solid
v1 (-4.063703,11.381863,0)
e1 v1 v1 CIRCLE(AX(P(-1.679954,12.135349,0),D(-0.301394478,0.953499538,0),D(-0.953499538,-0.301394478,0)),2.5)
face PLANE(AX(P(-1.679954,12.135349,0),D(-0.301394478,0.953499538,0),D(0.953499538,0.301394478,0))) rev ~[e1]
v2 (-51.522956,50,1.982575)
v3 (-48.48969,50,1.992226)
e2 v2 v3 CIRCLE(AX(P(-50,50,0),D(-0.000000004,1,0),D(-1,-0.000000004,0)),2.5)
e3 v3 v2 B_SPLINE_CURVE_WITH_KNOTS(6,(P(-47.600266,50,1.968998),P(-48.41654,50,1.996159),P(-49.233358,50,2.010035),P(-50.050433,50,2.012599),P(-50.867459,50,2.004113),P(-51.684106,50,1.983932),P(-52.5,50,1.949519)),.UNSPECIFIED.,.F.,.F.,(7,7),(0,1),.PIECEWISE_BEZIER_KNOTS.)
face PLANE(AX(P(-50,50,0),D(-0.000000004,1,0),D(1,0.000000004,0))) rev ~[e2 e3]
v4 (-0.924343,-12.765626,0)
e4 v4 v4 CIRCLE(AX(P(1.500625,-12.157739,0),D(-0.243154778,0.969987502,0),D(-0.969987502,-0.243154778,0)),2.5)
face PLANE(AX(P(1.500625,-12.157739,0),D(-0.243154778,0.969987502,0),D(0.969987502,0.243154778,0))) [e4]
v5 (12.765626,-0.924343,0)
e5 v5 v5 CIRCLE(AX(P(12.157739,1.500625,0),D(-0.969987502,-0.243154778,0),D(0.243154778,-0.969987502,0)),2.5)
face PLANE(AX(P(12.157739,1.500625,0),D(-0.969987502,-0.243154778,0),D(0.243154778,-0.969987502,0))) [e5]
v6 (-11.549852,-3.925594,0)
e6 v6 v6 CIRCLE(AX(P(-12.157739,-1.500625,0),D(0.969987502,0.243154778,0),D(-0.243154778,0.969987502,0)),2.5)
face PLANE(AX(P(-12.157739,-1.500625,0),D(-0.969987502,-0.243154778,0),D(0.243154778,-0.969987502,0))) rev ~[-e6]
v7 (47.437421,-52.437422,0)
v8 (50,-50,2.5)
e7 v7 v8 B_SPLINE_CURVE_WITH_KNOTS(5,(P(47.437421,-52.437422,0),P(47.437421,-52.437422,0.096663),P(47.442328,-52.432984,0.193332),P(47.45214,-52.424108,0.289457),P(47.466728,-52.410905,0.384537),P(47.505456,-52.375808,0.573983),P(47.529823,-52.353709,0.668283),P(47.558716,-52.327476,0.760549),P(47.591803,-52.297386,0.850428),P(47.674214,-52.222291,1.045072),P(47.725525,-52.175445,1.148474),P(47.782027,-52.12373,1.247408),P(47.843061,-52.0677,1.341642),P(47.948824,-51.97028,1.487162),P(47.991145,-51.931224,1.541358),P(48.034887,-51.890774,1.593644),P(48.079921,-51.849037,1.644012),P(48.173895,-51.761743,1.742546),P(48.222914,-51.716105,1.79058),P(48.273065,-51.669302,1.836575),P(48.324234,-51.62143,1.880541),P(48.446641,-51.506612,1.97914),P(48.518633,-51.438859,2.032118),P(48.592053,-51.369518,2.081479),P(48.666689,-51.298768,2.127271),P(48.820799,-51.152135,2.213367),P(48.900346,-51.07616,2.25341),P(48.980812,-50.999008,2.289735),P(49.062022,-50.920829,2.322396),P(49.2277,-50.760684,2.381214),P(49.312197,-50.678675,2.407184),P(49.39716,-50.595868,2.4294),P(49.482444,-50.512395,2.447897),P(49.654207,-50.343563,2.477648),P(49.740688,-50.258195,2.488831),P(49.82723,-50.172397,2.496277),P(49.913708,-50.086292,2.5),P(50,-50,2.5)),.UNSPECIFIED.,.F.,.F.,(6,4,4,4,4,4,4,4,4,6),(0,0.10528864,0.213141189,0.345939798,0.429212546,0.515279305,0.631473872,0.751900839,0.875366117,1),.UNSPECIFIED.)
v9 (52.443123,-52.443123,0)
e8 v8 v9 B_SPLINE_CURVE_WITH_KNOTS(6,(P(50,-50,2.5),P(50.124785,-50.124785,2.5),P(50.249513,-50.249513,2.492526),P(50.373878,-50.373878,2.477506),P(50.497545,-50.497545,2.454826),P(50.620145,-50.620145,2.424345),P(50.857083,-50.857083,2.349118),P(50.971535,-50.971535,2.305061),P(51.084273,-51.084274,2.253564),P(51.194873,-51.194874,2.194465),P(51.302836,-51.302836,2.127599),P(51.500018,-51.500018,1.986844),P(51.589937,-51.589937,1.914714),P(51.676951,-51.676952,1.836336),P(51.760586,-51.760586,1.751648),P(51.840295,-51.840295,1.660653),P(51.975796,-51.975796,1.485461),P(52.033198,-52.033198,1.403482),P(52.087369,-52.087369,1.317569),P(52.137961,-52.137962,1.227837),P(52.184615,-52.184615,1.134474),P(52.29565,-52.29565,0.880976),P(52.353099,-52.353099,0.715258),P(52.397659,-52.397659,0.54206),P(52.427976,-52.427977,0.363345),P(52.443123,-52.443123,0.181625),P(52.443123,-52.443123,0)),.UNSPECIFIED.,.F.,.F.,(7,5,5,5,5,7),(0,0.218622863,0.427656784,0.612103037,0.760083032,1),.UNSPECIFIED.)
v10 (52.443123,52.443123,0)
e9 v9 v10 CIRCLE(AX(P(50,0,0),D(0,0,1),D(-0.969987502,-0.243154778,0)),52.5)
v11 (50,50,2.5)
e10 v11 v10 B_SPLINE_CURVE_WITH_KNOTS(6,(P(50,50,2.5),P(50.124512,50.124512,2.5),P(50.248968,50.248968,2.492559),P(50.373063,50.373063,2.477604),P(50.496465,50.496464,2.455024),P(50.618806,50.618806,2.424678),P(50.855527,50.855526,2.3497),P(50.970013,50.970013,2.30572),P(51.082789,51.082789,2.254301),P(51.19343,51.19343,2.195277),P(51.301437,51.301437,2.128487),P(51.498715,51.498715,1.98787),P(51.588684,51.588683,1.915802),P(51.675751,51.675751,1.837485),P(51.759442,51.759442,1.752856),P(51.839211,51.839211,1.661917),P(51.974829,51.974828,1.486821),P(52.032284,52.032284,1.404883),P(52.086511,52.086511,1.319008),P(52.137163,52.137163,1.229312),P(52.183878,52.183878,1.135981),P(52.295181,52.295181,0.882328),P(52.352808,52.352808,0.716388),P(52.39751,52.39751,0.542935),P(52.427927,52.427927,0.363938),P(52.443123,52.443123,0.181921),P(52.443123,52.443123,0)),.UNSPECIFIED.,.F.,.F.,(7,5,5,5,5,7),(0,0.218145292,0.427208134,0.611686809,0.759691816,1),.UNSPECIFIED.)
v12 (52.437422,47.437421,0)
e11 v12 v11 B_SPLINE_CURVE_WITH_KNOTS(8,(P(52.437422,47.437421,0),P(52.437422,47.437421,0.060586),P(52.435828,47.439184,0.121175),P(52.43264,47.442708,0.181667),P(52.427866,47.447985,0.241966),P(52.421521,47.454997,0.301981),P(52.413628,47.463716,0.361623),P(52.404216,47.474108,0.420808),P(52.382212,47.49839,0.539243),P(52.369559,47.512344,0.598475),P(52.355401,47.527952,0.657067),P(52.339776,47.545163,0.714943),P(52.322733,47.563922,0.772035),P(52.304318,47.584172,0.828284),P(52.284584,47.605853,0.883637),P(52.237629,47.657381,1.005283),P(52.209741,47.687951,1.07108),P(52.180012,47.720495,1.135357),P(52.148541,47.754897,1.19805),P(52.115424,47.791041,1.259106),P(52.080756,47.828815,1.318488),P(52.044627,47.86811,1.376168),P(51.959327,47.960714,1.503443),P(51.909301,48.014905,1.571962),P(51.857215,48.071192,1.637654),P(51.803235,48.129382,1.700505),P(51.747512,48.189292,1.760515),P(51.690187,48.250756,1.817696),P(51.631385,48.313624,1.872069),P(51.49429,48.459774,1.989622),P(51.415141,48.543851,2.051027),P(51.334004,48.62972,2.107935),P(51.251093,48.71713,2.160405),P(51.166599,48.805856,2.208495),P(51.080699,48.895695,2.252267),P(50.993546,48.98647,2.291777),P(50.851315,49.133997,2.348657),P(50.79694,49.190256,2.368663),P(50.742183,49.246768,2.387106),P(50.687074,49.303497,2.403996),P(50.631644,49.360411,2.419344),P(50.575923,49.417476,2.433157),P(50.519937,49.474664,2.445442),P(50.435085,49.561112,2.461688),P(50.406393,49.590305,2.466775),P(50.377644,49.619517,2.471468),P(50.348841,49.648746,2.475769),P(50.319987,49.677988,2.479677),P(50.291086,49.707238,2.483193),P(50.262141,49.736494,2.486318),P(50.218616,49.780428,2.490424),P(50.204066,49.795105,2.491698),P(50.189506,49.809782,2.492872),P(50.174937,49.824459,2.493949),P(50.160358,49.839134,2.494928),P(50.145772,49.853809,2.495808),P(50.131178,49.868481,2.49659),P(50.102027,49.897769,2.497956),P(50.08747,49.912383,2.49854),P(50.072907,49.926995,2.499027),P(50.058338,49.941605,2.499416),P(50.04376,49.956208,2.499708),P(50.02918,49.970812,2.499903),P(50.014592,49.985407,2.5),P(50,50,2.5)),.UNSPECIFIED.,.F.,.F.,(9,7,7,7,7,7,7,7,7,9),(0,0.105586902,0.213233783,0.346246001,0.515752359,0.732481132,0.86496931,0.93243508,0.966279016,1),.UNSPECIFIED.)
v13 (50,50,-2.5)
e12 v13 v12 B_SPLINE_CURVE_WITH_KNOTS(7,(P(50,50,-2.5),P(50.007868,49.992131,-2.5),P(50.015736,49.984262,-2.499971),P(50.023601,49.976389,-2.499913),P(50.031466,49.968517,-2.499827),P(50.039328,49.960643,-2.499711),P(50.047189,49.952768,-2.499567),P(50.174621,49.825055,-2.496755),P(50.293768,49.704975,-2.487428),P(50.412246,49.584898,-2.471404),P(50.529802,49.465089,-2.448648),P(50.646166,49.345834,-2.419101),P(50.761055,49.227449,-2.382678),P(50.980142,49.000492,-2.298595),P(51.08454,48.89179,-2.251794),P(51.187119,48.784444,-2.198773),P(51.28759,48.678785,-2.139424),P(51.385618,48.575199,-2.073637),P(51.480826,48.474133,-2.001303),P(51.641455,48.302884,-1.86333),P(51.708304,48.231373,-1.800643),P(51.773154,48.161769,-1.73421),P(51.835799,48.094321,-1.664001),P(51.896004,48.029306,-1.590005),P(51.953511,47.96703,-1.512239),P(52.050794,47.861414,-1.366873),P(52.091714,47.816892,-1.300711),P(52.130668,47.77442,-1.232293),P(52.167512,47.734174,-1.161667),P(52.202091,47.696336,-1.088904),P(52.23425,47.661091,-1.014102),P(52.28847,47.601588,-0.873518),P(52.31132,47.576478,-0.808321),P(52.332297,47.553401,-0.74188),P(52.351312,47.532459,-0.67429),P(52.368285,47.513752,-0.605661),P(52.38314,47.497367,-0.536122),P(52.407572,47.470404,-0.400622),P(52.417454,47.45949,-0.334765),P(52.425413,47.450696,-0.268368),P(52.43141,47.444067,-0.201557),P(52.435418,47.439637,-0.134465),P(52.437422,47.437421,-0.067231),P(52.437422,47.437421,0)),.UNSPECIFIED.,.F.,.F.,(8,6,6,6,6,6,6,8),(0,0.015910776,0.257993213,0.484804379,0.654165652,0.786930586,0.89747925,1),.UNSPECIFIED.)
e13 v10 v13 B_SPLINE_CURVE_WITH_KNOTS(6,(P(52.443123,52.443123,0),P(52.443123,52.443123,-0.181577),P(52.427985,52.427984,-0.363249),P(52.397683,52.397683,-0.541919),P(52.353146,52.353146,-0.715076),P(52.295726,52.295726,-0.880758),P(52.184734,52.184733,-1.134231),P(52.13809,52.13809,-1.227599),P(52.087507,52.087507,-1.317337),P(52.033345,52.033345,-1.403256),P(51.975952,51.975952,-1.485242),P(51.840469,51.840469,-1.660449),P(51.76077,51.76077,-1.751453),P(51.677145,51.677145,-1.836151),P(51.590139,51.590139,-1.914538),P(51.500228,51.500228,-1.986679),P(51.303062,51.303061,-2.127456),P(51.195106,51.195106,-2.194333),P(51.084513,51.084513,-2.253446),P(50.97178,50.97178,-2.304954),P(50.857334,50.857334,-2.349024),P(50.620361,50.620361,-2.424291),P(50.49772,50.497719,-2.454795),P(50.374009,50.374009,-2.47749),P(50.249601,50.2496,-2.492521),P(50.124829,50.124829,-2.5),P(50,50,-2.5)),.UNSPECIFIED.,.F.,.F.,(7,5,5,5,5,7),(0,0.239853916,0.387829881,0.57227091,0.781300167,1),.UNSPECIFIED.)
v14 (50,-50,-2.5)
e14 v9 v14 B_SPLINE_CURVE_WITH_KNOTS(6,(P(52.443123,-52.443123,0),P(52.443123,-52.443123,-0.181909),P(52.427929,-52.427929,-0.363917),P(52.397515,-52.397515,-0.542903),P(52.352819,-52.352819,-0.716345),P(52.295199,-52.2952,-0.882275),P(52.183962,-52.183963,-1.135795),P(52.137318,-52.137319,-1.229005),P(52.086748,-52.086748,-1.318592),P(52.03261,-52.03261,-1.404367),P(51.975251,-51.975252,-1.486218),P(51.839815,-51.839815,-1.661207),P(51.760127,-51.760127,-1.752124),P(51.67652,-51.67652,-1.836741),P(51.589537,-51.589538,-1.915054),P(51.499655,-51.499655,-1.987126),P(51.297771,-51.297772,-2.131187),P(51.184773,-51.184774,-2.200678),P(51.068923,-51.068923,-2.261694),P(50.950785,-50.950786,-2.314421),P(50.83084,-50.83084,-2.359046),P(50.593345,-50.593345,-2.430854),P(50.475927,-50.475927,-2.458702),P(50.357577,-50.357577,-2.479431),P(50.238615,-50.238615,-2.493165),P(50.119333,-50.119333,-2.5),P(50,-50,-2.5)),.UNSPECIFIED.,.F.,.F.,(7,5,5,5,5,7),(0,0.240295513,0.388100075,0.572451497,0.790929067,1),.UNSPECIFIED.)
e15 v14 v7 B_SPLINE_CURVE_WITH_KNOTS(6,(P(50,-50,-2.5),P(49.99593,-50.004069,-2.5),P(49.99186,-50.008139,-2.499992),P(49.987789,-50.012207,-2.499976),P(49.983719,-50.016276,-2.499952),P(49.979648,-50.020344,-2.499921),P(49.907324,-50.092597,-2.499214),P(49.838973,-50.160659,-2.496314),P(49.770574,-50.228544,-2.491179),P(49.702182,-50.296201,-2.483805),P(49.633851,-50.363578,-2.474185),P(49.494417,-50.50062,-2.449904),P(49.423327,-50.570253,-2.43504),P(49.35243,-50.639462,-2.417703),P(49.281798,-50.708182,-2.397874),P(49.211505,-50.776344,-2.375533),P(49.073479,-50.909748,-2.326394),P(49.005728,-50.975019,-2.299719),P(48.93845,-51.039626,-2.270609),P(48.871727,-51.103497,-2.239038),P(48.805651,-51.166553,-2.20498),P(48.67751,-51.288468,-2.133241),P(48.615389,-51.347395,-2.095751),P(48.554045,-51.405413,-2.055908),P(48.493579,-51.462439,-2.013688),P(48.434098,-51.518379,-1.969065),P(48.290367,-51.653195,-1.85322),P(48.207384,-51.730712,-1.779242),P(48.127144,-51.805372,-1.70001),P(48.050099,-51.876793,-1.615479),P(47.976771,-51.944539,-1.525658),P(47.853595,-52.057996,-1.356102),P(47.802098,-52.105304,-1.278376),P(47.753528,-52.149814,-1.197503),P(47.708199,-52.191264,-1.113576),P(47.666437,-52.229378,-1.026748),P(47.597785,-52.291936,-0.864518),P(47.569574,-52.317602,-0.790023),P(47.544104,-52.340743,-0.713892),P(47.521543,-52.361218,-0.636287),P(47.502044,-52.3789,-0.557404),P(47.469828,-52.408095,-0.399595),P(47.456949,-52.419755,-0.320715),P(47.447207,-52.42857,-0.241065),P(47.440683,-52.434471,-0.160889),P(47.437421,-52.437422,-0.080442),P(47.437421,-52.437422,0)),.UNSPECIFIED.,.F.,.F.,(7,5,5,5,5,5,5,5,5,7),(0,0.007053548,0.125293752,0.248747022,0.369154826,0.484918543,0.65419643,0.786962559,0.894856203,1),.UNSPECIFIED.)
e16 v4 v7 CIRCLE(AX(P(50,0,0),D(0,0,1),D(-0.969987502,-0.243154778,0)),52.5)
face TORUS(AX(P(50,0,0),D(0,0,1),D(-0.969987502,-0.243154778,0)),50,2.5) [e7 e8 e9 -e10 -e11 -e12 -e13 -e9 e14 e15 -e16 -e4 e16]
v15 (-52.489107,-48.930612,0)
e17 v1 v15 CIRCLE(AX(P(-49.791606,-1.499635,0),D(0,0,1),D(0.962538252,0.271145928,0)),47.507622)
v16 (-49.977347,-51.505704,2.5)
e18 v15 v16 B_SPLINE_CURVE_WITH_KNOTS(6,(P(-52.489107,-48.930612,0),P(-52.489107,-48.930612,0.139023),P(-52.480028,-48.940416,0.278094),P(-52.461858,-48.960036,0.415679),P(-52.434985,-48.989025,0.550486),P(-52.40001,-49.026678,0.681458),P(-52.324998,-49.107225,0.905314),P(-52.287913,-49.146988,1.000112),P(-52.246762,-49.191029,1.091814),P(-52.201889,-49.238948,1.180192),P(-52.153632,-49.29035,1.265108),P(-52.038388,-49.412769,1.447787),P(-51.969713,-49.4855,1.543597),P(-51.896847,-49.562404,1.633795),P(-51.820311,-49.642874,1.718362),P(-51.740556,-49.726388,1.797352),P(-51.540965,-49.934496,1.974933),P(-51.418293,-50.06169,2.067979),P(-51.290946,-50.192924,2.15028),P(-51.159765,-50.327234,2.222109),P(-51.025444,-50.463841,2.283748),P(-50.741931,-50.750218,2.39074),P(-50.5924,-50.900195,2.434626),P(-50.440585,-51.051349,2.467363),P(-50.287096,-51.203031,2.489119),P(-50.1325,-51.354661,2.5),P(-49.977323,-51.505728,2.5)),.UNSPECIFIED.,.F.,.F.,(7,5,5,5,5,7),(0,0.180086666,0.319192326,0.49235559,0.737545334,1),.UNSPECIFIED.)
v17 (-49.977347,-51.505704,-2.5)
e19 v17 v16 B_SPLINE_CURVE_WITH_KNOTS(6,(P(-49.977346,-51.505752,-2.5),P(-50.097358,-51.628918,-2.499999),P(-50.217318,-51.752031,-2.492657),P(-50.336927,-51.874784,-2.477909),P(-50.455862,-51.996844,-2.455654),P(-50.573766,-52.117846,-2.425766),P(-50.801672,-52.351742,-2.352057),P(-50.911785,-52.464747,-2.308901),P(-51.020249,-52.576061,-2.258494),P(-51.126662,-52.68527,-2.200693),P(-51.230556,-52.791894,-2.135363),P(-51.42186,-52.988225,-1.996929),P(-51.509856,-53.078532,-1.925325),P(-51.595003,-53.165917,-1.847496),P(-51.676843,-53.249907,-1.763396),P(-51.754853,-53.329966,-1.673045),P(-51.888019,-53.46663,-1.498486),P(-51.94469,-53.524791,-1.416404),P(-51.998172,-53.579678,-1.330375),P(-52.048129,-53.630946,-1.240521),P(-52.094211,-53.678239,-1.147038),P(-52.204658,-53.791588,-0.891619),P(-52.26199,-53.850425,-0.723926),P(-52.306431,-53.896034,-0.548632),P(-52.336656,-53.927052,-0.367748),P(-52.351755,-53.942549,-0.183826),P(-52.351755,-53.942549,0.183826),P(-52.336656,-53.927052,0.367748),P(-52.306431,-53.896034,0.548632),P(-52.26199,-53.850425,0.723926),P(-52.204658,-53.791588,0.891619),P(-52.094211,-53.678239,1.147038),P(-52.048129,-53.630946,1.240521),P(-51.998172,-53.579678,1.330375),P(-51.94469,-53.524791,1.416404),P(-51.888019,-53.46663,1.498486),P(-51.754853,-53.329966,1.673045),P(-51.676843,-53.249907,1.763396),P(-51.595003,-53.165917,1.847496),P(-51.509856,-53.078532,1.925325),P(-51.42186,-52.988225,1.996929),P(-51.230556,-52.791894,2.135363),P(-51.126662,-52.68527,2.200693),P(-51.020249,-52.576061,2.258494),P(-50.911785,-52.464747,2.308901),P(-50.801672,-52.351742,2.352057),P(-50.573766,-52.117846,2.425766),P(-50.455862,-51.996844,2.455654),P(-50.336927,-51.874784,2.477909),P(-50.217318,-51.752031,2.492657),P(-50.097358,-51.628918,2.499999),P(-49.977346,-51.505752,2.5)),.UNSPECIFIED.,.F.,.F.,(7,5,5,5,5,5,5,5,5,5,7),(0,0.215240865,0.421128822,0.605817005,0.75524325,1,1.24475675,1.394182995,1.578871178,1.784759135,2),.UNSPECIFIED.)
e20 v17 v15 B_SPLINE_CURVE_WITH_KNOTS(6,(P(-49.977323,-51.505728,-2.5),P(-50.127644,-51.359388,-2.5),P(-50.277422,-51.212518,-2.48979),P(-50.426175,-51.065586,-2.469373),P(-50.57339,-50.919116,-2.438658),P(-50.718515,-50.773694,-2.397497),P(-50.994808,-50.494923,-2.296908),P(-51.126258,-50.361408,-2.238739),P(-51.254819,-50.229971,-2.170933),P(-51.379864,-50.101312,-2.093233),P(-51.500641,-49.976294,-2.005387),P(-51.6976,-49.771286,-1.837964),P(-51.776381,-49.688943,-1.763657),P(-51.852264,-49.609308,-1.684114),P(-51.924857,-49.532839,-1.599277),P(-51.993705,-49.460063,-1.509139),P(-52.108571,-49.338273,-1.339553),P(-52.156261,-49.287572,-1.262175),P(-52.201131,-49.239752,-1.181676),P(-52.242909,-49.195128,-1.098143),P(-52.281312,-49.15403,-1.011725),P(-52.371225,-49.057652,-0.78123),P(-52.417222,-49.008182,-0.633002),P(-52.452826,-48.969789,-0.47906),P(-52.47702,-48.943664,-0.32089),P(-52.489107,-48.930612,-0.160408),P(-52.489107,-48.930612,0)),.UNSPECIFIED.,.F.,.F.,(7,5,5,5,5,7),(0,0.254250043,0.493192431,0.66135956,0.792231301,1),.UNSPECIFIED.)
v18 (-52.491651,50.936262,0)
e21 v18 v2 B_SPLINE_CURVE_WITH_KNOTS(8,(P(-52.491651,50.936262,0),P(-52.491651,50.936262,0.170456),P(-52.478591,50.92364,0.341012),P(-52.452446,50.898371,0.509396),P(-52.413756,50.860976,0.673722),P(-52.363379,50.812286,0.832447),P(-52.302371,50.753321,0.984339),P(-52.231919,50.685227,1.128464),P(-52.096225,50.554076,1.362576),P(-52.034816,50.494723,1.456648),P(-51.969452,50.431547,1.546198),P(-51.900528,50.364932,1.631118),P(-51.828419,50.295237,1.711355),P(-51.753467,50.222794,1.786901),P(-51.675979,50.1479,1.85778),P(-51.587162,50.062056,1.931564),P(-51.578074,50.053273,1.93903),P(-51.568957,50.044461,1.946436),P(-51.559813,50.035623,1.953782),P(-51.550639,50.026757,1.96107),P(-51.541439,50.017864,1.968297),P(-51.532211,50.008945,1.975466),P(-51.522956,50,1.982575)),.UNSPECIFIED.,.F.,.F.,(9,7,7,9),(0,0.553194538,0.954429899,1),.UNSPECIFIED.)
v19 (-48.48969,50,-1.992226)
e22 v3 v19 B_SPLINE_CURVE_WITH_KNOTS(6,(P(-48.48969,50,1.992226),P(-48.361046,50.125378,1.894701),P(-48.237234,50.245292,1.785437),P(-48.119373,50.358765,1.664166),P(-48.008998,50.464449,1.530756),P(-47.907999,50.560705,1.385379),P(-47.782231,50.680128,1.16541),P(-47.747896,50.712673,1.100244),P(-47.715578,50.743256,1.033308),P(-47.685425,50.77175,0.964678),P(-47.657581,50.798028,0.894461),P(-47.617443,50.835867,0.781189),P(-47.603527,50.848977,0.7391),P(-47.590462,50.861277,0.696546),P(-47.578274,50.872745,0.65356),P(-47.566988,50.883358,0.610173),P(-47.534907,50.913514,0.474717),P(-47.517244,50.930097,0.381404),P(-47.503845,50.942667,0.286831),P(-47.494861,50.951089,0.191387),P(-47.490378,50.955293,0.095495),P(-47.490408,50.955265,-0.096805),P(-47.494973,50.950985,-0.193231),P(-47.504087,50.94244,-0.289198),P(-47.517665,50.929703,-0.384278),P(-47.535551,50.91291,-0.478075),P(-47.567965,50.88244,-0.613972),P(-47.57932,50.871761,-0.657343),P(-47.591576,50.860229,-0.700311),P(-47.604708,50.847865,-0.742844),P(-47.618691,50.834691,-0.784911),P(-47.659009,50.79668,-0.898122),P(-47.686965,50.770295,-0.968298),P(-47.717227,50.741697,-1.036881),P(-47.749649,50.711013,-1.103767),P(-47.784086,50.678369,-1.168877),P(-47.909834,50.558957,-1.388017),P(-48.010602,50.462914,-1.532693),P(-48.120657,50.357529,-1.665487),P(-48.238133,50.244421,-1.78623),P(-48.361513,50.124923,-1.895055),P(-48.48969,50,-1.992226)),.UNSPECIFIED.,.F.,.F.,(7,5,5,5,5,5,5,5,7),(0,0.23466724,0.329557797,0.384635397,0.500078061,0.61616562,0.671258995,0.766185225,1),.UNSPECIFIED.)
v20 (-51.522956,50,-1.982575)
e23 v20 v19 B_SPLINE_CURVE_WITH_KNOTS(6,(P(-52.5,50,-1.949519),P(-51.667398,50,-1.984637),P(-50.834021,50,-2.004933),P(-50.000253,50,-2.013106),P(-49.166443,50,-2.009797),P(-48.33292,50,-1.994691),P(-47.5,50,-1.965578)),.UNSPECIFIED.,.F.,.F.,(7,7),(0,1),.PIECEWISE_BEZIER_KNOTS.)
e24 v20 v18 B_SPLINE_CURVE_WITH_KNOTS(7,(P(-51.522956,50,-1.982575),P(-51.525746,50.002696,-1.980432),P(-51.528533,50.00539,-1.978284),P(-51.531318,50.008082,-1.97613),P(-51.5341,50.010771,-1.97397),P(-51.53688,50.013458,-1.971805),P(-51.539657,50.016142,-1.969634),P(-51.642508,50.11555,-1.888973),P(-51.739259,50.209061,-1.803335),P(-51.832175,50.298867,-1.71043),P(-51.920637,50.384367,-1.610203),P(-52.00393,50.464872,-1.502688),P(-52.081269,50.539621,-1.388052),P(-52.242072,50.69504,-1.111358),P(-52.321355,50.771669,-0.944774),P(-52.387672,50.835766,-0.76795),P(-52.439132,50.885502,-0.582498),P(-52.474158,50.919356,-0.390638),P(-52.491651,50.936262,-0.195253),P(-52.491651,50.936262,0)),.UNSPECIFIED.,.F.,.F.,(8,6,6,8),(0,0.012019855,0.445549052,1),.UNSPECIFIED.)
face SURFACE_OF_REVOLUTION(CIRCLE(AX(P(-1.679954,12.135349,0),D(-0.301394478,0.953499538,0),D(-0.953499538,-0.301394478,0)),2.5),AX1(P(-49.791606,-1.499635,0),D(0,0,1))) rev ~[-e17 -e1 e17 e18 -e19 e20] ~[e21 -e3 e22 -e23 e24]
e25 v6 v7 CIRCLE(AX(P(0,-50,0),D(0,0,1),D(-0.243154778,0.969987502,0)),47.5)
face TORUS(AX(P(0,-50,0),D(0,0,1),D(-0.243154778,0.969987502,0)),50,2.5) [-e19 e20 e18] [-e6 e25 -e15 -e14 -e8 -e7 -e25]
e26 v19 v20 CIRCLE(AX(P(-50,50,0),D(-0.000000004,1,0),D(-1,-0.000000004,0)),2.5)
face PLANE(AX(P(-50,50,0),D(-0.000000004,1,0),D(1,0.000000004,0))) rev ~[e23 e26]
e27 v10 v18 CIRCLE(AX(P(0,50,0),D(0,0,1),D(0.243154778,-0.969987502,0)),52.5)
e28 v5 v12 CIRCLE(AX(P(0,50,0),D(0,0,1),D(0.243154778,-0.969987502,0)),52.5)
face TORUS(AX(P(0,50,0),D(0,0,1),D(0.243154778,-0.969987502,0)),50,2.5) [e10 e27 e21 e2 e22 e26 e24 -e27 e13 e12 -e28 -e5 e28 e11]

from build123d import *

# Parameters (mm, degrees)
F2_R = 2.5
F1_R = 2.5


with BuildPart() as f3:
    # F3: sweep along a path in F0
    with BuildLine(Plane.XY) as f3_path:
        ThreePointArc((12.157739, 1.500625), (30.758032, 89.42009), (-50, 50))
    # F2 (on Right) → F3 (sweep)
    with BuildSketch(Plane.YZ):
        with Locations((100, 0)):
            Circle(F2_R)
    sweep(path=f3_path.line)

    # F4: sweep along a path in F0
    with BuildLine(Plane.XY) as f4_path:
        ThreePointArc((1.500625, -12.157739), (89.42009, -30.758032), (50, 50))
    # F1 (on Front) → F4 (sweep)
    with BuildSketch(Plane.XZ):
        with Locations((100, 0)):
            Circle(F1_R)
    sweep(path=f4_path.line)

    # F5: sweep along a path in F0
    with BuildLine(Plane.XY) as f5_path:
        ThreePointArc((-12.157739, -1.500625), (-30.758032, -89.42009), (50, -50))
    # F2 (on Right) → F5 (sweep)
    with BuildSketch(Plane.YZ):
        with Locations((-100, 0)):
            Circle(F2_R)
    sweep(path=f5_path.line)

    # F6: sweep along a path in F0
    with BuildLine(Plane.XY) as f6_path:
        ThreePointArc((-1.686096, 12.133408), (-89.620641, 28.726975), (-49.977516, -51.499289))
    # F1 (on Front) → F6 (sweep)
    with BuildSketch(Plane.XZ):
        with Locations((-99.775553, 0)):
            Circle(F1_R)
    sweep(path=f6_path.line)


solid = f3.part
